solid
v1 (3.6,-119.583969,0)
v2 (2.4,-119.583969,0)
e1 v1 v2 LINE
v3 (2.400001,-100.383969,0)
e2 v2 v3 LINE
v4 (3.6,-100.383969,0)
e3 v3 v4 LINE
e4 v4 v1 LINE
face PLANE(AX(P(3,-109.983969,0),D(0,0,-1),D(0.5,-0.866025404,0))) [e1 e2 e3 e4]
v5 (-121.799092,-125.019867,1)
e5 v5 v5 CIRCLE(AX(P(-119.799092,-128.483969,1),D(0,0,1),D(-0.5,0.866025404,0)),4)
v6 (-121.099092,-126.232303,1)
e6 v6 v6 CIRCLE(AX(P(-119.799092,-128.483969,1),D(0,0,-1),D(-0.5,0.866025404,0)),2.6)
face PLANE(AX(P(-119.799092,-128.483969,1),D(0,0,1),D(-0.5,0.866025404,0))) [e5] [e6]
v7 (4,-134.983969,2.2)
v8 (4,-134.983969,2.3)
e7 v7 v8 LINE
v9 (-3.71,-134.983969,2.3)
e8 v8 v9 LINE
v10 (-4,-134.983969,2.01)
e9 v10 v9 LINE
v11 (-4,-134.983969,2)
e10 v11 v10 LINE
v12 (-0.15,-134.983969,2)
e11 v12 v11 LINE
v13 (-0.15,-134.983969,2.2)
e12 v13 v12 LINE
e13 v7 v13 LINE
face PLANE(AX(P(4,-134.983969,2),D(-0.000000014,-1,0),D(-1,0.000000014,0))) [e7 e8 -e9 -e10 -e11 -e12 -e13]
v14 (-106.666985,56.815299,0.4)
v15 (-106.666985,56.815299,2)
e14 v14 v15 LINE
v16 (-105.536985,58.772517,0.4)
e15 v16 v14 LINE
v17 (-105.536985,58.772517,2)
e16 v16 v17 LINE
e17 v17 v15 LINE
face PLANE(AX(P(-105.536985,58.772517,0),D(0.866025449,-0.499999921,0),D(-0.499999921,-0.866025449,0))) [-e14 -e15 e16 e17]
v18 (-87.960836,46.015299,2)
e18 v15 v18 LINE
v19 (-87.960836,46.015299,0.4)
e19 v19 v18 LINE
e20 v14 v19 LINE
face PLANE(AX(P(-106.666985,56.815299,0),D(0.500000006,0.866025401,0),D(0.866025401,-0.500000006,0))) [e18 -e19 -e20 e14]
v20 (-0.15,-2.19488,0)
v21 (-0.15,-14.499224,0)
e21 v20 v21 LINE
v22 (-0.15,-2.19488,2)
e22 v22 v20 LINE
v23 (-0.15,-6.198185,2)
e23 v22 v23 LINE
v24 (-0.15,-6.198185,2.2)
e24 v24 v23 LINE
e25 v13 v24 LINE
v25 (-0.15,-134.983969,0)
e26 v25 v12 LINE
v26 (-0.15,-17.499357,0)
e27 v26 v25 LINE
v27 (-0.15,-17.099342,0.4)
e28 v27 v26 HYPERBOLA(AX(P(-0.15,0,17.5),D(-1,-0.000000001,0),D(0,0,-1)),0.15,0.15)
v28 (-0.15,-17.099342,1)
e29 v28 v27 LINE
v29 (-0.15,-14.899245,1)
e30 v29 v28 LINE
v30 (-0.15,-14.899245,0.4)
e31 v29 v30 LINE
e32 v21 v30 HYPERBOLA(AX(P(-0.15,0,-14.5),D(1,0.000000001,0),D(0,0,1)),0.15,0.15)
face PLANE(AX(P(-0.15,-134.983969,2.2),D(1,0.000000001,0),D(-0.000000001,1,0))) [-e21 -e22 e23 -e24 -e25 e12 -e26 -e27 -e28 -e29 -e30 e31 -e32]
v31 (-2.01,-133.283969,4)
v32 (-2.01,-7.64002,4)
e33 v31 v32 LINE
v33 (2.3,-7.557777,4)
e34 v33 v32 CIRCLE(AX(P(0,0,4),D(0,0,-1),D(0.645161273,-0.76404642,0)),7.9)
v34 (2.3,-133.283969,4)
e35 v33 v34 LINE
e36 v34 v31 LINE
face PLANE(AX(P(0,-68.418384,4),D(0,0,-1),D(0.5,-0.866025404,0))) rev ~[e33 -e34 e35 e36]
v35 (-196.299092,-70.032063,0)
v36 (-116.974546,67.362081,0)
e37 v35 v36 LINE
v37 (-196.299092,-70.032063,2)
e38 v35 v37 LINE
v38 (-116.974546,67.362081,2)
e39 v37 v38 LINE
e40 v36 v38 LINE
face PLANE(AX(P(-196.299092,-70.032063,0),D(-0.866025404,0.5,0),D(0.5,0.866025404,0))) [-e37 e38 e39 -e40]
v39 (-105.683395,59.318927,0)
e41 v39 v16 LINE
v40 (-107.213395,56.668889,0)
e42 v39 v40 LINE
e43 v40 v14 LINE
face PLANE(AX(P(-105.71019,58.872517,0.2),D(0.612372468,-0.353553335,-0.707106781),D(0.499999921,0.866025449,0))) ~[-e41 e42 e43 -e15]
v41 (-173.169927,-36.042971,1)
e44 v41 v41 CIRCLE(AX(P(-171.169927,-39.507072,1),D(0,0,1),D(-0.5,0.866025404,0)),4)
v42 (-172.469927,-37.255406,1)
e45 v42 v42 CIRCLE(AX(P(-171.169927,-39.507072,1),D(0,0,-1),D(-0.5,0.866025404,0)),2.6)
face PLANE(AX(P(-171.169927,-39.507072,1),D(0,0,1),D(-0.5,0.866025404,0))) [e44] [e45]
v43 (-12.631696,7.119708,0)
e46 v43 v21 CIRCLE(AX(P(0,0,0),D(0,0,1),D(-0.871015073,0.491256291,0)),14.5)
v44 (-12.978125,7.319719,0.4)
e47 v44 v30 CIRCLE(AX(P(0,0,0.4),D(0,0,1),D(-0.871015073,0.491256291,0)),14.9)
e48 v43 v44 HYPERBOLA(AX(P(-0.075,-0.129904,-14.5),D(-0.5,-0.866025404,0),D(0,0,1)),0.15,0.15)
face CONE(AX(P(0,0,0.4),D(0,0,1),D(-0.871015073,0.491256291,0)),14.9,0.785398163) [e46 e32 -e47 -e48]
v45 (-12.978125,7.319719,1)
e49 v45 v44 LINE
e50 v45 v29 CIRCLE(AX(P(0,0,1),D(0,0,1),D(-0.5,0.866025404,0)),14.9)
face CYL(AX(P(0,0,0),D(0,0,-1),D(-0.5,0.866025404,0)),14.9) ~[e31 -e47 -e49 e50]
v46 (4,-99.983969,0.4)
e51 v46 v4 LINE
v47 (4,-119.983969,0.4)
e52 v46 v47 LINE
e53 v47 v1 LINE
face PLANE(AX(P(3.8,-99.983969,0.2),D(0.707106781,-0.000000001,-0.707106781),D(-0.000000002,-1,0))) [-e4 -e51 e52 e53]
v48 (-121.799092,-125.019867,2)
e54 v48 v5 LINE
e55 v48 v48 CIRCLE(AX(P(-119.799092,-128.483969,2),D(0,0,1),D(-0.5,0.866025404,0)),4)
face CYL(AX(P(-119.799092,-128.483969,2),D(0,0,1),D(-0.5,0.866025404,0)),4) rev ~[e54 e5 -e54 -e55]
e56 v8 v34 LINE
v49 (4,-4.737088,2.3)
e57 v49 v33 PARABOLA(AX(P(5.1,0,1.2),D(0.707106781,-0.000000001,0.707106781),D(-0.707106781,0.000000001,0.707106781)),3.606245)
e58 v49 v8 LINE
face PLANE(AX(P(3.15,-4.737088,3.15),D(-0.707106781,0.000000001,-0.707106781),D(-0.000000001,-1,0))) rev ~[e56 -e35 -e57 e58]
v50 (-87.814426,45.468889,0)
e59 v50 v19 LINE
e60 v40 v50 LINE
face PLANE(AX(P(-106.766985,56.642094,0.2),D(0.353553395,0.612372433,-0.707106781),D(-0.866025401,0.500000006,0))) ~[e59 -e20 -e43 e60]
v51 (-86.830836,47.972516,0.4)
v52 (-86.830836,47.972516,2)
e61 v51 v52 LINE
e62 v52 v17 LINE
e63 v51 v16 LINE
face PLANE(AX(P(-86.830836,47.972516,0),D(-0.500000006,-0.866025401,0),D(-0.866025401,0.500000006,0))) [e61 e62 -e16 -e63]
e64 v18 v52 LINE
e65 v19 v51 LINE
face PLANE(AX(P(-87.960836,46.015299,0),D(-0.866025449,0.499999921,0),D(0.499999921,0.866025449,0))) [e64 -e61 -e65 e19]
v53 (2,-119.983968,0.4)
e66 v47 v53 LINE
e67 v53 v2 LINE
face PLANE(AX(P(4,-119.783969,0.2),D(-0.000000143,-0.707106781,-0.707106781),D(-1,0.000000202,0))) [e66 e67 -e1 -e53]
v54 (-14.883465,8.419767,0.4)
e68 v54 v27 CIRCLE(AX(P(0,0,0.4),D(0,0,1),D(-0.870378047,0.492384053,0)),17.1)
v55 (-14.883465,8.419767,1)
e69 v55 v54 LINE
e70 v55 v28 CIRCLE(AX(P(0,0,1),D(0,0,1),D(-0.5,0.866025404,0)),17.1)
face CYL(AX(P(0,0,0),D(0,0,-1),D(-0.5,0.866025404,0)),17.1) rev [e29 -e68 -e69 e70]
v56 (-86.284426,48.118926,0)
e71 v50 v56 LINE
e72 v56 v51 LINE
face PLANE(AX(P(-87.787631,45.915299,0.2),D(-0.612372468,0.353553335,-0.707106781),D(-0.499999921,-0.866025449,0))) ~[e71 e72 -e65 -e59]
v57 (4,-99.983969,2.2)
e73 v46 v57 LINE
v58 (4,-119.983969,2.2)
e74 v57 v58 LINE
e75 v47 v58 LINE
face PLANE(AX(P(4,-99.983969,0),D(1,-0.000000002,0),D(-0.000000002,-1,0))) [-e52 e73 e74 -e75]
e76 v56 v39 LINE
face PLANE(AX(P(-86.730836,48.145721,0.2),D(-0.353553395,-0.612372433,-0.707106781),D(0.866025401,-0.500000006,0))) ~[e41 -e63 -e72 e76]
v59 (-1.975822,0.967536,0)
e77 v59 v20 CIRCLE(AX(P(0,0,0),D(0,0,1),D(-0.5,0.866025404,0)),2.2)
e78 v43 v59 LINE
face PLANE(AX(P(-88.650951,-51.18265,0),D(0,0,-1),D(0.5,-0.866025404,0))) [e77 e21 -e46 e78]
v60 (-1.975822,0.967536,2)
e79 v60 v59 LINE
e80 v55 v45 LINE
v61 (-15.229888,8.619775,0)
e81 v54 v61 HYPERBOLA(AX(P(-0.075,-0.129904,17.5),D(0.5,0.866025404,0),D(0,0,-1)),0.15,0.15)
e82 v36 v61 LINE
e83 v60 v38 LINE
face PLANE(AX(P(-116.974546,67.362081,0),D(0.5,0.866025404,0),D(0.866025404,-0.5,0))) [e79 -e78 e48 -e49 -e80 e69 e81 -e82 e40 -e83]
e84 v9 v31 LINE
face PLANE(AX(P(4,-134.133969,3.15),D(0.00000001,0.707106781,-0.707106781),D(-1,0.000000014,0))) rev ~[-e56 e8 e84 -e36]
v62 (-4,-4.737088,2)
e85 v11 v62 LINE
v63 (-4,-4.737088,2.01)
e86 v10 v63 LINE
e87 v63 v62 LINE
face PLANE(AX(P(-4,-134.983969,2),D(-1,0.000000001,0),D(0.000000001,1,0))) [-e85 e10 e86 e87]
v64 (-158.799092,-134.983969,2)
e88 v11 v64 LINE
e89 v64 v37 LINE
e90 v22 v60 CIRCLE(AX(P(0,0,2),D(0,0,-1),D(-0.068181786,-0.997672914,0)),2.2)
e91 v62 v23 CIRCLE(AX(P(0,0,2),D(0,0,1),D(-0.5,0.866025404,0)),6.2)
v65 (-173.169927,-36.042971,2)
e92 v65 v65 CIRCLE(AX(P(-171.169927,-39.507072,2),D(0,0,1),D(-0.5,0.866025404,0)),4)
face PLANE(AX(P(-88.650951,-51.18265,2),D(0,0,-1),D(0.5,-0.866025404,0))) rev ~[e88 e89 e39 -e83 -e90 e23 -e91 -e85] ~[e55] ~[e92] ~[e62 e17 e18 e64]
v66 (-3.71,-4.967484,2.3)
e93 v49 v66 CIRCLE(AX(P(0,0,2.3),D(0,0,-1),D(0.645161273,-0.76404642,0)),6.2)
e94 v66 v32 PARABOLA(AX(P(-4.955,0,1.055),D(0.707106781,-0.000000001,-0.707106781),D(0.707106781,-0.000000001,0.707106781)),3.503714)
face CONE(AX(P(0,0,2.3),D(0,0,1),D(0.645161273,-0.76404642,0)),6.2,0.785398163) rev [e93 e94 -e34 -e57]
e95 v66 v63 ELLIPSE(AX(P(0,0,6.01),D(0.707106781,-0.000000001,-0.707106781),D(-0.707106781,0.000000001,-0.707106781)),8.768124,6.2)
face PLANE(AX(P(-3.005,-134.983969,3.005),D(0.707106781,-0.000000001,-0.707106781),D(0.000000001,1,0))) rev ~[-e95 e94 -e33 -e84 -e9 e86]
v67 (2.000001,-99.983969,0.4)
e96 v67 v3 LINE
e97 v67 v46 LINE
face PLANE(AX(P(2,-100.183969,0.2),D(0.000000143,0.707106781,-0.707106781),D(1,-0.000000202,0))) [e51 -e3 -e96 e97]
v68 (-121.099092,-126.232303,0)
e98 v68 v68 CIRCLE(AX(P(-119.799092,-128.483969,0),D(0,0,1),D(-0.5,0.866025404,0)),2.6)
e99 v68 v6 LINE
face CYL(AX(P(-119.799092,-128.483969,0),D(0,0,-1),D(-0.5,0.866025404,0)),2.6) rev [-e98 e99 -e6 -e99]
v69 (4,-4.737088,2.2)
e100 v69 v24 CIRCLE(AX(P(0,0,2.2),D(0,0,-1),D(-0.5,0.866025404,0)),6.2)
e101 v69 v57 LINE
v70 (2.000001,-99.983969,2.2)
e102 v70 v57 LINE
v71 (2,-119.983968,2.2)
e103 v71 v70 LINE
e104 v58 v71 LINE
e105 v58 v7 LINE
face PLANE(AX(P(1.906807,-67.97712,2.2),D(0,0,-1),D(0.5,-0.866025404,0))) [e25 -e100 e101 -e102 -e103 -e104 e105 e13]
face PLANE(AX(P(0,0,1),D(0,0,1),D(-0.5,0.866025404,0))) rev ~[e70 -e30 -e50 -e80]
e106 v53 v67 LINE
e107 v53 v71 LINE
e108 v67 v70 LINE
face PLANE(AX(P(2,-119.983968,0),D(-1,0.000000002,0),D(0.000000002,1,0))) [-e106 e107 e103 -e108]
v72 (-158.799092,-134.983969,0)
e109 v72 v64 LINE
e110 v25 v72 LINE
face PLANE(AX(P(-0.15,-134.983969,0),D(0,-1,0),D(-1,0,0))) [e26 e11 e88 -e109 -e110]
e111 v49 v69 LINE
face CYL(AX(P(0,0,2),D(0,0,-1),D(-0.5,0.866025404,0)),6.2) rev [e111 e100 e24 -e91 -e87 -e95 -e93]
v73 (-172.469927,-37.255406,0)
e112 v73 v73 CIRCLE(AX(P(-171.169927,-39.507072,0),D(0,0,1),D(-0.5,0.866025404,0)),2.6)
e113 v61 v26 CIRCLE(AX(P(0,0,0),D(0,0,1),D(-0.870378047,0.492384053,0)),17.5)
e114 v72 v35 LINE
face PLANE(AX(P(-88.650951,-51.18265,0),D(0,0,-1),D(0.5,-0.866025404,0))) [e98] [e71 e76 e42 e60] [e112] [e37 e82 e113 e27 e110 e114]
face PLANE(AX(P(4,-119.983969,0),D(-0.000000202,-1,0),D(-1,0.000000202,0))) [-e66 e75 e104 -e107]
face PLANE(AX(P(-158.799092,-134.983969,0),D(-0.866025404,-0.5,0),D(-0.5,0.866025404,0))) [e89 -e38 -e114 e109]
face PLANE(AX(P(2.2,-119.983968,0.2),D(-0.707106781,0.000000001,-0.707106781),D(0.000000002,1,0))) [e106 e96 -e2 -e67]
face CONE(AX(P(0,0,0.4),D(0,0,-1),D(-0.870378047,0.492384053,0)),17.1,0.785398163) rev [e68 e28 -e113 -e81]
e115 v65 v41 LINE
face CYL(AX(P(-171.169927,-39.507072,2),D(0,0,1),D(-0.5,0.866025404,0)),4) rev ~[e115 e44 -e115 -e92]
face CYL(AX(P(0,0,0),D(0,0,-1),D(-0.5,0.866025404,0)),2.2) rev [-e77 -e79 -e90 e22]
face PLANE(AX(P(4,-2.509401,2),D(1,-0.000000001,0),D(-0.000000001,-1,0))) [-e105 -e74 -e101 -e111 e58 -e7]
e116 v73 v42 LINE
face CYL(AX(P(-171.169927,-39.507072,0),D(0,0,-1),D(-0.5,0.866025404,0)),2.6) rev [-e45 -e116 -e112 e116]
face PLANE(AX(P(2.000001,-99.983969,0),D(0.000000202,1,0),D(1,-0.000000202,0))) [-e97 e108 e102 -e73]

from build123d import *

# Parameters (mm, degrees)
SKETCH002_R             = 2.6
PAD001_DEPTH            = 2
PAD002_DEPTH            = 2
POCKET003_DEPTH         = 2.201
PAD003_DEPTH            = 2.2
POCKET004_DEPTH         = 4.001
SKETCH006_R             = 17.1
SKETCH006_R_2           = 14.9
POCKET002_DEPTH         = 1
CHAMFER002_SIZE         = 0.4
CHAMFER_SIZE            = 1.99
SKETCH004_R             = 2.2
POCKET_DEPTH            = 4.001
SKETCH005_R             = 6.2
POCKET001_DEPTH         = 2.001
SKETCH010_R             = 4
POCKET005_DEPTH         = 1
CHAMFER001_SIZE         = 1.7
BODY002_PLACEMENT_ANGLE = 120


with BuildPart() as part:
    # Sketch002 → Pad001 (new body)
    with BuildSketch(Plane.XY):
        Polygon((-116.824546, 67.621888), (-37.5, 205.016032), (37.5, 205.016032), (116.824546, 67.621888), (0, 0.173205), align=None)
        with Locations((-51.370835, 167.991041)):
            Circle(SKETCH002_R, mode=Mode.SUBTRACT)
        with Locations((51.370835, 167.991041)):
            Circle(SKETCH002_R, mode=Mode.SUBTRACT)
    extrude(amount=PAD001_DEPTH)

    # Sketch003 → Pad002 (join)
    with BuildSketch(Plane.XY.offset(2)):
        Polygon((-118.899546, 64.027883), (-114.899546, 70.956086), (-0.173205, 4.718802), (-0.173205, 0.1), (-4.173205, -2.209401), align=None)
    extrude(amount=PAD002_DEPTH)

    # Sketch007 → Pocket003 (cut, through all)
    with BuildSketch(Plane.XY.offset(2.2)):
        Polygon((-116.824546, 67.621888), (0, 0.173205), (-4.173205, -2.209401), (-118.899546, 64.027883), align=None)
    extrude(amount=-POCKET003_DEPTH, mode=Mode.SUBTRACT)

    # Sketch008 → Pad003 (join)
    with BuildSketch(Plane.XY):
        Polygon((-104.909165, 58.259933), (-87.588657, 48.259933), (-88.588657, 46.527883), (-105.909165, 56.527883), align=None)
    extrude(amount=PAD003_DEPTH)

    # Sketch009 → Pocket004 (cut, through all)
    with BuildSketch(Plane.XY):
        Polygon((83.830836, 53.168669), (84.960836, 51.211452), (103.666985, 62.011452), (102.536985, 63.968669), align=None)
    extrude(amount=POCKET004_DEPTH, mode=Mode.SUBTRACT)

    # Sketch006 → Pocket002 (cut)
    with BuildSketch(Plane.XY):
        Circle(SKETCH006_R)
        Circle(SKETCH006_R_2, mode=Mode.SUBTRACT)
    extrude(amount=POCKET002_DEPTH, mode=Mode.SUBTRACT)

    # Chamfer002
    chamfer002_edges = [part.edges().sort_by_distance(p)[0] for p in [
        (-96.248911, 53.259933, 0),
        (-88.088657, 47.393908, 0),
        (-97.248911, 51.527883, 0),
        (-105.409165, 57.393908, 0),
        (94.313911, 56.611452, 0),
        (103.101985, 62.99006, 0),
        (93.183911, 58.568669, 0),
        (84.395836, 52.19006, 0),
        (0, 14.9, 0),
        (0, 17.1, 0),
    ]]
    chamfer(chamfer002_edges, length=CHAMFER002_SIZE)

    # Chamfer
    chamfer_edges = [part.edges().sort_by_distance(p)[0] for p in [
        (-57.536375, 37.837444, 4),
    ]]
    chamfer(chamfer_edges, length=CHAMFER_SIZE)

    # Sketch004 → Pocket (cut, through all)
    with BuildSketch(Plane.XY):
        Circle(SKETCH004_R)
    extrude(amount=POCKET_DEPTH, mode=Mode.SUBTRACT)

    # Sketch005 → Pocket001 (cut, through all)
    with BuildSketch(Plane.XY.offset(2)):
        Circle(SKETCH005_R)
    extrude(amount=POCKET001_DEPTH, mode=Mode.SUBTRACT)

    # Sketch010 → Pocket005 (cut)
    with BuildSketch(Plane.XY.offset(2)):
        with Locations((-51.370835, 167.991041)):
            Circle(SKETCH010_R)
        with Locations((51.370835, 167.991041)):
            Circle(SKETCH010_R)
    extrude(amount=-POCKET005_DEPTH, mode=Mode.SUBTRACT)

    # Chamfer001
    chamfer001_edges = [part.edges().sort_by_distance(p)[0] for p in [
        (-5.849077, 2.056283, 4),
        (-62.500992, 31.466162, 4),
        (-117.397046, 66.630289, 4),
    ]]
    chamfer(chamfer001_edges, length=CHAMFER001_SIZE)


with BuildPart() as part_1:
    # Body002 placement: moved
    add(part.part.rotate(Axis((0, 0, 0), (0, 0, 1)), BODY002_PLACEMENT_ANGLE))


solid = part_1.part
